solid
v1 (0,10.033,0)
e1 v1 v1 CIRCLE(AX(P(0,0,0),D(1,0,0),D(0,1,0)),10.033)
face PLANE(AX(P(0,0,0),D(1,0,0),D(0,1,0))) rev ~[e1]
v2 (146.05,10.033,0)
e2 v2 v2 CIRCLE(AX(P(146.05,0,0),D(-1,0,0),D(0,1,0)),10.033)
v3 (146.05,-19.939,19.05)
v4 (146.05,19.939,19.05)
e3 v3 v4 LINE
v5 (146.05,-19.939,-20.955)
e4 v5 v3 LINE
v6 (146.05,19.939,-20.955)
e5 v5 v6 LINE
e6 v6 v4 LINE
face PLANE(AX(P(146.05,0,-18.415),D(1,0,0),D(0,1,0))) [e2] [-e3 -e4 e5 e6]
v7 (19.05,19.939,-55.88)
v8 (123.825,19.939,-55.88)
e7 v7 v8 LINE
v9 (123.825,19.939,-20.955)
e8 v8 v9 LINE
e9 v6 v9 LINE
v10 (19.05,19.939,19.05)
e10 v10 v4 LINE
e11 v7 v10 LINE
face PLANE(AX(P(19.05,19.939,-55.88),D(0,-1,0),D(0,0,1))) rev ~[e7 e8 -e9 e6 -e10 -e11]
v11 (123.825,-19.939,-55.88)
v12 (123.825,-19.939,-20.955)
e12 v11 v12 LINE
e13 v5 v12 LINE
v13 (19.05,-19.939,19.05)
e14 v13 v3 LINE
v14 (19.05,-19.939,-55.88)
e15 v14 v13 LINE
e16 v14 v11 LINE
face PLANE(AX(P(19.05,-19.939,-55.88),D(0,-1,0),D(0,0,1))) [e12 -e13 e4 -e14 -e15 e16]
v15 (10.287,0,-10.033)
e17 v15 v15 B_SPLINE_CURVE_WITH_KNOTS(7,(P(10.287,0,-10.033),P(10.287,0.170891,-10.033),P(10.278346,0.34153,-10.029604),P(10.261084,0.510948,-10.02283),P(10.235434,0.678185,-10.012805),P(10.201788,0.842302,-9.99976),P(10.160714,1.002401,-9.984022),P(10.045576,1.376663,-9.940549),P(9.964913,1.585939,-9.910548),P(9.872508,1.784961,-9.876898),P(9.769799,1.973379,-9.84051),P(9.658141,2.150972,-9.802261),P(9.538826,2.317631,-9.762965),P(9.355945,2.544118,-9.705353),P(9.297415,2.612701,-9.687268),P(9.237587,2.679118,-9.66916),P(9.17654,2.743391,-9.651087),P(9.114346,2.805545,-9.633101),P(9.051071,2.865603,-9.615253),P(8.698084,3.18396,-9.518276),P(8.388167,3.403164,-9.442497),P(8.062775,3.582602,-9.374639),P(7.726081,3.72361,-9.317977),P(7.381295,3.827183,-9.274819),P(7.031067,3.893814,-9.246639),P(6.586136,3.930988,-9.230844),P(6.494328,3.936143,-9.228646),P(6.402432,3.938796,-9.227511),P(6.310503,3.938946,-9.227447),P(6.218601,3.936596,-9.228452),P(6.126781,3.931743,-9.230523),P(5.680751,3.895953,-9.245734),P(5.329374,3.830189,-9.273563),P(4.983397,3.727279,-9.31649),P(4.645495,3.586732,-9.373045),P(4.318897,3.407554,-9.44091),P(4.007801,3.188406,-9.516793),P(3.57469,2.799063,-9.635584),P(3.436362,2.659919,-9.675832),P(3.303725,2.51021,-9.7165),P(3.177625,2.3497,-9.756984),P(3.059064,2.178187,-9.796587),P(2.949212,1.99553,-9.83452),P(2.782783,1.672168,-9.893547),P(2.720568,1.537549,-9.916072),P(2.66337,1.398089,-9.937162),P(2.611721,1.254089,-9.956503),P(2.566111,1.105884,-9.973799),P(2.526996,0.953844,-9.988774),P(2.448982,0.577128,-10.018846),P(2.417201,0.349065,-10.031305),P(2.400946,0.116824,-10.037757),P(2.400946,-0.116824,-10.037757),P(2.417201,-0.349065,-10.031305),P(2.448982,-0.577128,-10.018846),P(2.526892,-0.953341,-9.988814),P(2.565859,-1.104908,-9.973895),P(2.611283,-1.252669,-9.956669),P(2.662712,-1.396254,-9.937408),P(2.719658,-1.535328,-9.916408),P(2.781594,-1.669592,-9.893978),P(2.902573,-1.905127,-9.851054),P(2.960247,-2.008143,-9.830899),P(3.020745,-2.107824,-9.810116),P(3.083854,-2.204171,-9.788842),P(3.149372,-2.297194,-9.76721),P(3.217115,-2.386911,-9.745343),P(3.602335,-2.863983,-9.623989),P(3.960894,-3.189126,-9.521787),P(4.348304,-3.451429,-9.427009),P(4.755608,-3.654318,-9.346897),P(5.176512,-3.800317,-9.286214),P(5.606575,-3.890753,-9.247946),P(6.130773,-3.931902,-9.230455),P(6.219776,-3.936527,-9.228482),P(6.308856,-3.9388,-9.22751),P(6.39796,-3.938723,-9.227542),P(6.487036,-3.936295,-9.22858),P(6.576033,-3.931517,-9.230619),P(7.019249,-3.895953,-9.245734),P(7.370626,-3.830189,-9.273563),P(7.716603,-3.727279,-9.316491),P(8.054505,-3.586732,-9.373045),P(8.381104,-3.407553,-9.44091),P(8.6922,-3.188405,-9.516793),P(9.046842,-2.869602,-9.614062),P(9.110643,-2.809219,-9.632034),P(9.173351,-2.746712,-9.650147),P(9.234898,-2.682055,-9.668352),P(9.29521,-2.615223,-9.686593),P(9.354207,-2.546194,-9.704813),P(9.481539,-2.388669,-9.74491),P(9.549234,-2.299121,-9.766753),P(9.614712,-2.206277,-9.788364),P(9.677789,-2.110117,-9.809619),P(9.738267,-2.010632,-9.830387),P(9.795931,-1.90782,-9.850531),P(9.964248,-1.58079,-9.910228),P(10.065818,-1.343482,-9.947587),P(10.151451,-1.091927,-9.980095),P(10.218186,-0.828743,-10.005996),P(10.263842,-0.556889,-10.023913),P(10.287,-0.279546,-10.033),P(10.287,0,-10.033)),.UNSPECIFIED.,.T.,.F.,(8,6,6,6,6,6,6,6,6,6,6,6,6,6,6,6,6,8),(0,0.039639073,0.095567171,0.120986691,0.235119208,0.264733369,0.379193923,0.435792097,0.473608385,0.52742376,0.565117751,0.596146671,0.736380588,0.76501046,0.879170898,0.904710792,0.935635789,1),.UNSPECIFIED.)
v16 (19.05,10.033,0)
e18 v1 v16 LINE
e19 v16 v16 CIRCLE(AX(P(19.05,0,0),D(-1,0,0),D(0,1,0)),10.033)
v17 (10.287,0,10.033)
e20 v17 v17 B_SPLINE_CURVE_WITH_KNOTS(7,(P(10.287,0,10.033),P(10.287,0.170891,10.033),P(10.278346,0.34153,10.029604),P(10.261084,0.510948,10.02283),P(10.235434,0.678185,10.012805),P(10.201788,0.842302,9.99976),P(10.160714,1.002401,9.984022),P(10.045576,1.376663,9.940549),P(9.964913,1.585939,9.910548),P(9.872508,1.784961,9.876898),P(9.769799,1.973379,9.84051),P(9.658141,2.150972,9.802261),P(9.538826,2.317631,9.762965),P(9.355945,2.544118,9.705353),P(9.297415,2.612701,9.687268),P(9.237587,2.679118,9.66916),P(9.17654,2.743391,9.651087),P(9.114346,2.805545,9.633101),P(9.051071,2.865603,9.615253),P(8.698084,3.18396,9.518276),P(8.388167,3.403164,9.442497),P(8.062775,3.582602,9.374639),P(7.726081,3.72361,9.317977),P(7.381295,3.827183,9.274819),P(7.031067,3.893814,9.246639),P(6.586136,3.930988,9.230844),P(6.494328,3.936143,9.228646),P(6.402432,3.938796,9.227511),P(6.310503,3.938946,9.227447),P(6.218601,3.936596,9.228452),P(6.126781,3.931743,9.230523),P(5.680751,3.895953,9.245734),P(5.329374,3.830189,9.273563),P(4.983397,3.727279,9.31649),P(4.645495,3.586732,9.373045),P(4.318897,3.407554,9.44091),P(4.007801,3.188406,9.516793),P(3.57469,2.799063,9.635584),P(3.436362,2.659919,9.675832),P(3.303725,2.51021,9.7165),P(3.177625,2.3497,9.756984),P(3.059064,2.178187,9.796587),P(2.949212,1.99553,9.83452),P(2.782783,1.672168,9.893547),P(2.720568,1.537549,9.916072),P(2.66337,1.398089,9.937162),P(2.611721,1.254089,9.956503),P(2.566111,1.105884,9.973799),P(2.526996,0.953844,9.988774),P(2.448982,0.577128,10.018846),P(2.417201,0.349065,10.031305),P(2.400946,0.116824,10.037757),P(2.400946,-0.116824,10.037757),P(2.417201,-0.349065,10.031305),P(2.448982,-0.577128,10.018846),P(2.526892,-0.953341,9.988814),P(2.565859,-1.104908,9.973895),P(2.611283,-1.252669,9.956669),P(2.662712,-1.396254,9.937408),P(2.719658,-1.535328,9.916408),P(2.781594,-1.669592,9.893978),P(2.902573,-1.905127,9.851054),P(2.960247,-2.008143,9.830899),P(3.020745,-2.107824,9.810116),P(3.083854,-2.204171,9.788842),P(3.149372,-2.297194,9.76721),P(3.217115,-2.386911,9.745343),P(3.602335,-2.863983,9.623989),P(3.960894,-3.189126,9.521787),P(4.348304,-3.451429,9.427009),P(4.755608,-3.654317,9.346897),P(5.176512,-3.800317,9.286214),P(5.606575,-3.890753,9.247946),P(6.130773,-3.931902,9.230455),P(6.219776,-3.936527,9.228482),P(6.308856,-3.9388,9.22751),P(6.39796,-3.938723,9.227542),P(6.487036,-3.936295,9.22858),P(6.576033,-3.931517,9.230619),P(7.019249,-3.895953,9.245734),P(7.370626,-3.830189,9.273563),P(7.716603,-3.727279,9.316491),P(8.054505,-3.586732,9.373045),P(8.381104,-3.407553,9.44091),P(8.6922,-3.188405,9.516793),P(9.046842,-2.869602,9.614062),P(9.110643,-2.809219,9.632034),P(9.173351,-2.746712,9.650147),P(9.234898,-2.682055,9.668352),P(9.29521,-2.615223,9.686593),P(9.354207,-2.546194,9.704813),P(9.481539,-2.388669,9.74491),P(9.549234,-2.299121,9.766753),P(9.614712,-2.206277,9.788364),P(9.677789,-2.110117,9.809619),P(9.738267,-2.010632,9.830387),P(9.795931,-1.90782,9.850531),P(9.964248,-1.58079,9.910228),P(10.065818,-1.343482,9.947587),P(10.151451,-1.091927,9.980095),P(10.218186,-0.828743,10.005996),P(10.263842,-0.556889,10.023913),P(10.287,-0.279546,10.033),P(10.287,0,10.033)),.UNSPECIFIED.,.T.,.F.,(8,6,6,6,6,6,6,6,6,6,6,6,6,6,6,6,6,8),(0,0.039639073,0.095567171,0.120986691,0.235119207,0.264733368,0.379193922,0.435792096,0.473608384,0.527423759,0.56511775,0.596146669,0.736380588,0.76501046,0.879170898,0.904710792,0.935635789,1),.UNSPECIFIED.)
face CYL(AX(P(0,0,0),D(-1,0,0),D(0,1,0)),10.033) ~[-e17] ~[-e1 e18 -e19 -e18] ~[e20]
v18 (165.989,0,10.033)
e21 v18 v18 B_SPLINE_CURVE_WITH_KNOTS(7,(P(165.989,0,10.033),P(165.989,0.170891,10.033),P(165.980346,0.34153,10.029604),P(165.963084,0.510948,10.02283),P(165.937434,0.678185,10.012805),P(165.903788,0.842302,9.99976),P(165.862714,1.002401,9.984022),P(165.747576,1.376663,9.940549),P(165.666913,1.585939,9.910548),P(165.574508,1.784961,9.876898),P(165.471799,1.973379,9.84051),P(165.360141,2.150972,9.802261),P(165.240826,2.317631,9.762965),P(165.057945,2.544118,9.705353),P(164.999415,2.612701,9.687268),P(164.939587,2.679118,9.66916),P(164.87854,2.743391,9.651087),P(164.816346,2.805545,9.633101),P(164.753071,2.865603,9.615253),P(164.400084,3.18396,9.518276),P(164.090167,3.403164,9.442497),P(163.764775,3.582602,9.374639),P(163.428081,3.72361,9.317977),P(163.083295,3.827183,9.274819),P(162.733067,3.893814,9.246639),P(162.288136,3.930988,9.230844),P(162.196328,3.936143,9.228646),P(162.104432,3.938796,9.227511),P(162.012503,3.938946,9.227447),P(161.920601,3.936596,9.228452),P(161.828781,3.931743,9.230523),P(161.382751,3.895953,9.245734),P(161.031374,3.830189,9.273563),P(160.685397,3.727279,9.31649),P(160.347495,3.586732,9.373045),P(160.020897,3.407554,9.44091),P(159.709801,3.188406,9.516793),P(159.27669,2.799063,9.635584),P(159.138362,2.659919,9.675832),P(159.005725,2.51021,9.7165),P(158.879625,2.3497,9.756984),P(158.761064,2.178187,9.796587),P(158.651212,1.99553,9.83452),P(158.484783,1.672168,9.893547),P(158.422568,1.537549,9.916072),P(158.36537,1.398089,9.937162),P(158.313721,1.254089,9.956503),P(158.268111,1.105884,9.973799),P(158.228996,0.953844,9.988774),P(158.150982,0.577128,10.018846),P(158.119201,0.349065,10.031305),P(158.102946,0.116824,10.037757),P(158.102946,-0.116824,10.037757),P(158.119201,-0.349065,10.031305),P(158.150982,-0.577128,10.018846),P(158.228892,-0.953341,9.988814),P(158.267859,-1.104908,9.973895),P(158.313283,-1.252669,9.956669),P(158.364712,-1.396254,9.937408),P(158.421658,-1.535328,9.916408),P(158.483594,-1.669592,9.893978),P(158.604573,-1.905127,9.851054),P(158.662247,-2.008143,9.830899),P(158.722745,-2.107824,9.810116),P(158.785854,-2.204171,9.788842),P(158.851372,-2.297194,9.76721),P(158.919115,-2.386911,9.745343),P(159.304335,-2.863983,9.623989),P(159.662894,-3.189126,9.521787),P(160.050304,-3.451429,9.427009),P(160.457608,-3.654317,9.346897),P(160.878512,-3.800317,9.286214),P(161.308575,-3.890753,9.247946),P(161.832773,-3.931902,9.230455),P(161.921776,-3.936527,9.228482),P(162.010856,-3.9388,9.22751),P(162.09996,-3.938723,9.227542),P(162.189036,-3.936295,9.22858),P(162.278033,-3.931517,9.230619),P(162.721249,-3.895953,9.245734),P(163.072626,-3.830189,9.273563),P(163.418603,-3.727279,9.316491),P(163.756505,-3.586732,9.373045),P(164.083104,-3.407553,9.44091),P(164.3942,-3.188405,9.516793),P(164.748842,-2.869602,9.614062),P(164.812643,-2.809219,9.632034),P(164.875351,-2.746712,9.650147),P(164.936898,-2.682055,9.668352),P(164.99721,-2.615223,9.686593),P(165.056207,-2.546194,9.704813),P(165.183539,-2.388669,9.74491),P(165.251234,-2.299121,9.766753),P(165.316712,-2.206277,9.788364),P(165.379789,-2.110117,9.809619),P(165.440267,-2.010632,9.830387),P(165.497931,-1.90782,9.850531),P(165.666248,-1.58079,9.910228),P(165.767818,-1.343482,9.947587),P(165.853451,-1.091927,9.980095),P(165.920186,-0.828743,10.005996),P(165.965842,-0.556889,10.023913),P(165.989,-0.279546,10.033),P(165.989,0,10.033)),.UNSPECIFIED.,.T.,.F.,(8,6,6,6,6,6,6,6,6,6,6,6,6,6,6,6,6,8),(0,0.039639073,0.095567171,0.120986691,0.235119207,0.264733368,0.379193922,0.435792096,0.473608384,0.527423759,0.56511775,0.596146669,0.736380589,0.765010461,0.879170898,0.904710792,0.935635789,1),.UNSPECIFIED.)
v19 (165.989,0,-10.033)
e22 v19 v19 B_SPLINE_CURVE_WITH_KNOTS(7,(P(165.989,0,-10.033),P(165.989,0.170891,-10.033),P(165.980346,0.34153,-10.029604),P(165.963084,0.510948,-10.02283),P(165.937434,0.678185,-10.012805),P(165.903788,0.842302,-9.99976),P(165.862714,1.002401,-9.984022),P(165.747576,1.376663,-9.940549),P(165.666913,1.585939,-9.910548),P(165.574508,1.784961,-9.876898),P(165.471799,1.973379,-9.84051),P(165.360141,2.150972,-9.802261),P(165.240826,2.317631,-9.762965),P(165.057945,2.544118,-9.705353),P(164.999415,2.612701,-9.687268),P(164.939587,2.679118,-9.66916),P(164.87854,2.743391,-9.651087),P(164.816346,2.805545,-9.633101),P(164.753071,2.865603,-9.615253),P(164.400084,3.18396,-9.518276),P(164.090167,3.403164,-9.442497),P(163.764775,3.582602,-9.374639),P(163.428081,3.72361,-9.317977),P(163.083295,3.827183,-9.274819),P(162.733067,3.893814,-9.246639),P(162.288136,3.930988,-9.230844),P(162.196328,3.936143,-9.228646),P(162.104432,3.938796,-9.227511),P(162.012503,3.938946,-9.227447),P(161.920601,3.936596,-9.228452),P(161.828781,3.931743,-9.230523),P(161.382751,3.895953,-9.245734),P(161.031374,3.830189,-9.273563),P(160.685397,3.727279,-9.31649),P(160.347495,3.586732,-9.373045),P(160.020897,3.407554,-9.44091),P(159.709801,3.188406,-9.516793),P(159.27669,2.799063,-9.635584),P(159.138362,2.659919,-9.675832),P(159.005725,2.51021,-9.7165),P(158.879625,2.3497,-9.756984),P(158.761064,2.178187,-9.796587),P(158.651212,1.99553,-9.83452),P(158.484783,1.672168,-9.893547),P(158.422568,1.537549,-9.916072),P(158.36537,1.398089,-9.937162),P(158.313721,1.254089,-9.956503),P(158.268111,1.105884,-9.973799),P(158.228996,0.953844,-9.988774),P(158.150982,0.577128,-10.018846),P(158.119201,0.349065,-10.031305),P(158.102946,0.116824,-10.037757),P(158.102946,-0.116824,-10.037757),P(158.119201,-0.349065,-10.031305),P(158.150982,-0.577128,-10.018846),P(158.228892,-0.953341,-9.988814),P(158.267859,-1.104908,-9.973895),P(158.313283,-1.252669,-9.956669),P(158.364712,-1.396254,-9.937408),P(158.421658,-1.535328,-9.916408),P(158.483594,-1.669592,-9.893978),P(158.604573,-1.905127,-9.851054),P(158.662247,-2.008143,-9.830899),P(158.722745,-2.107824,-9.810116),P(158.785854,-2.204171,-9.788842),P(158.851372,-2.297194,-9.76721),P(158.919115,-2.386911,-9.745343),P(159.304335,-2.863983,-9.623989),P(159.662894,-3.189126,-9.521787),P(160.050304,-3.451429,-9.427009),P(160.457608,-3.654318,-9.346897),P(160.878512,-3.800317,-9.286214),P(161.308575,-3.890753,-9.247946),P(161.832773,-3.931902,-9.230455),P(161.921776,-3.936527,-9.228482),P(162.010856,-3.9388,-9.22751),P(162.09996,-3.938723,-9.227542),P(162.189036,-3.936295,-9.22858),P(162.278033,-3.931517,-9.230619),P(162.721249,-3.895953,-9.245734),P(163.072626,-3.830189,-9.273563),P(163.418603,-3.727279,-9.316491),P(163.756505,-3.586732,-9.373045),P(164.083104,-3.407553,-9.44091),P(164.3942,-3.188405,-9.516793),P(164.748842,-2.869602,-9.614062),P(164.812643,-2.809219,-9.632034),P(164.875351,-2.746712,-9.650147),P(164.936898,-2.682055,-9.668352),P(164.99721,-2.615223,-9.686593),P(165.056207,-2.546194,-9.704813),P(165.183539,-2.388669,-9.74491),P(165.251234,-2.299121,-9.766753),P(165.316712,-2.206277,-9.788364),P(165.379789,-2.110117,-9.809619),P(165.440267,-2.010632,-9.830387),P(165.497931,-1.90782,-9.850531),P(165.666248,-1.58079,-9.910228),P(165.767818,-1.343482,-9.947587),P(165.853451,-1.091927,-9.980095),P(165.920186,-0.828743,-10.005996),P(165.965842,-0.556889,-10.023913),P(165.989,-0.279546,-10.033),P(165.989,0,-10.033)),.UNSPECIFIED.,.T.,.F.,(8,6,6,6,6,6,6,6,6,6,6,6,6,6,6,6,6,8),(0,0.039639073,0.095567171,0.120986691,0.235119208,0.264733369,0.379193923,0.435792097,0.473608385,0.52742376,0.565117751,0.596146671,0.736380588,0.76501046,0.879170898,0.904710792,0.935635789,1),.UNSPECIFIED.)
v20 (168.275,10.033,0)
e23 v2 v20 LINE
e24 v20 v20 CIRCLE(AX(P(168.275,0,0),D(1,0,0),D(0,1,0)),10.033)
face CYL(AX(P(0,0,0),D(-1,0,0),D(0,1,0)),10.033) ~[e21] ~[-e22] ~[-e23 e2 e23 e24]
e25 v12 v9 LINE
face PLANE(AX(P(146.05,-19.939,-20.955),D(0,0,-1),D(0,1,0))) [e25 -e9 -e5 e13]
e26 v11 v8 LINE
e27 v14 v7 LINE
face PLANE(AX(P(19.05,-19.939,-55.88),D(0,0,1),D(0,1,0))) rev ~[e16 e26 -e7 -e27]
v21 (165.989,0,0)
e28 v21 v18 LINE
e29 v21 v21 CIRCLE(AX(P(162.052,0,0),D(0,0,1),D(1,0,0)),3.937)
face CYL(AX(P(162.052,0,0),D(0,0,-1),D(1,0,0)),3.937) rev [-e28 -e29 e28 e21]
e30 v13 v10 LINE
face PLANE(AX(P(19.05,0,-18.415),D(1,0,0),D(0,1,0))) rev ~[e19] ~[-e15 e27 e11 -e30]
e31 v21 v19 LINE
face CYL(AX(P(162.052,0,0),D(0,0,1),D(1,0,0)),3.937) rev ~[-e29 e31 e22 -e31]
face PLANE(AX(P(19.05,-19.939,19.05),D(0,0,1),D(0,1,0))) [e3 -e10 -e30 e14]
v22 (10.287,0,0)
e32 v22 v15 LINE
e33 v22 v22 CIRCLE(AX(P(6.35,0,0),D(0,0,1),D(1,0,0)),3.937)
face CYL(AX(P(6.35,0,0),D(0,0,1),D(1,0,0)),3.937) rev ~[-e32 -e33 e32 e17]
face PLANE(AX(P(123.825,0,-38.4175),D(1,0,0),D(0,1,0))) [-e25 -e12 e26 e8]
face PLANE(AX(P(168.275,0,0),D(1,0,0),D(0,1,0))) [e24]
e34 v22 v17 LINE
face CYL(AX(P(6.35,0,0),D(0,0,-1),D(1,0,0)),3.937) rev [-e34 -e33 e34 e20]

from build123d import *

# Parameters (mm, degrees)
F0_R          = 10.033
F1_DEPTH      = 168.275
F3_W          = 39.878
F3_H          = 74.93
F4_DEPTH      = 127
F5_W          = 39.878
F5_H          = 34.925
F6_DEPTH      = 22.225
F7_R          = 3.937
F8_DEPTH      = 19.051
F8_DEPTH_BACK = 55.881


with BuildPart() as f1:
    # F0 (on Right) → F1 (new body)
    with BuildSketch(Plane.YZ):
        Circle(F0_R)
    extrude(amount=F1_DEPTH)

    # F3 (on offset) → F4 (join)
    with BuildSketch(Plane.YZ.offset(19.05)):
        with Locations((0, -18.415)):
            Rectangle(F3_W, F3_H)
    extrude(amount=F4_DEPTH)

    # F5 (on face) → F6 (cut)
    with BuildSketch(Plane.YZ.offset(146.05)):
        with Locations((0, -38.4175)):
            Rectangle(F5_W, F5_H)
    extrude(amount=-F6_DEPTH, mode=Mode.SUBTRACT)

    # F7 (on Top) → F8 (cut, two sides)
    with BuildSketch(Plane.XY) as f8_sk:
        with Locations((6.35, 0)):
            Circle(F7_R)
        with Locations((162.052, 0)):
            Circle(F7_R)
    extrude(amount=F8_DEPTH, mode=Mode.SUBTRACT)
    extrude(f8_sk.sketch, amount=-F8_DEPTH_BACK, mode=Mode.SUBTRACT)


solid = f1.part
